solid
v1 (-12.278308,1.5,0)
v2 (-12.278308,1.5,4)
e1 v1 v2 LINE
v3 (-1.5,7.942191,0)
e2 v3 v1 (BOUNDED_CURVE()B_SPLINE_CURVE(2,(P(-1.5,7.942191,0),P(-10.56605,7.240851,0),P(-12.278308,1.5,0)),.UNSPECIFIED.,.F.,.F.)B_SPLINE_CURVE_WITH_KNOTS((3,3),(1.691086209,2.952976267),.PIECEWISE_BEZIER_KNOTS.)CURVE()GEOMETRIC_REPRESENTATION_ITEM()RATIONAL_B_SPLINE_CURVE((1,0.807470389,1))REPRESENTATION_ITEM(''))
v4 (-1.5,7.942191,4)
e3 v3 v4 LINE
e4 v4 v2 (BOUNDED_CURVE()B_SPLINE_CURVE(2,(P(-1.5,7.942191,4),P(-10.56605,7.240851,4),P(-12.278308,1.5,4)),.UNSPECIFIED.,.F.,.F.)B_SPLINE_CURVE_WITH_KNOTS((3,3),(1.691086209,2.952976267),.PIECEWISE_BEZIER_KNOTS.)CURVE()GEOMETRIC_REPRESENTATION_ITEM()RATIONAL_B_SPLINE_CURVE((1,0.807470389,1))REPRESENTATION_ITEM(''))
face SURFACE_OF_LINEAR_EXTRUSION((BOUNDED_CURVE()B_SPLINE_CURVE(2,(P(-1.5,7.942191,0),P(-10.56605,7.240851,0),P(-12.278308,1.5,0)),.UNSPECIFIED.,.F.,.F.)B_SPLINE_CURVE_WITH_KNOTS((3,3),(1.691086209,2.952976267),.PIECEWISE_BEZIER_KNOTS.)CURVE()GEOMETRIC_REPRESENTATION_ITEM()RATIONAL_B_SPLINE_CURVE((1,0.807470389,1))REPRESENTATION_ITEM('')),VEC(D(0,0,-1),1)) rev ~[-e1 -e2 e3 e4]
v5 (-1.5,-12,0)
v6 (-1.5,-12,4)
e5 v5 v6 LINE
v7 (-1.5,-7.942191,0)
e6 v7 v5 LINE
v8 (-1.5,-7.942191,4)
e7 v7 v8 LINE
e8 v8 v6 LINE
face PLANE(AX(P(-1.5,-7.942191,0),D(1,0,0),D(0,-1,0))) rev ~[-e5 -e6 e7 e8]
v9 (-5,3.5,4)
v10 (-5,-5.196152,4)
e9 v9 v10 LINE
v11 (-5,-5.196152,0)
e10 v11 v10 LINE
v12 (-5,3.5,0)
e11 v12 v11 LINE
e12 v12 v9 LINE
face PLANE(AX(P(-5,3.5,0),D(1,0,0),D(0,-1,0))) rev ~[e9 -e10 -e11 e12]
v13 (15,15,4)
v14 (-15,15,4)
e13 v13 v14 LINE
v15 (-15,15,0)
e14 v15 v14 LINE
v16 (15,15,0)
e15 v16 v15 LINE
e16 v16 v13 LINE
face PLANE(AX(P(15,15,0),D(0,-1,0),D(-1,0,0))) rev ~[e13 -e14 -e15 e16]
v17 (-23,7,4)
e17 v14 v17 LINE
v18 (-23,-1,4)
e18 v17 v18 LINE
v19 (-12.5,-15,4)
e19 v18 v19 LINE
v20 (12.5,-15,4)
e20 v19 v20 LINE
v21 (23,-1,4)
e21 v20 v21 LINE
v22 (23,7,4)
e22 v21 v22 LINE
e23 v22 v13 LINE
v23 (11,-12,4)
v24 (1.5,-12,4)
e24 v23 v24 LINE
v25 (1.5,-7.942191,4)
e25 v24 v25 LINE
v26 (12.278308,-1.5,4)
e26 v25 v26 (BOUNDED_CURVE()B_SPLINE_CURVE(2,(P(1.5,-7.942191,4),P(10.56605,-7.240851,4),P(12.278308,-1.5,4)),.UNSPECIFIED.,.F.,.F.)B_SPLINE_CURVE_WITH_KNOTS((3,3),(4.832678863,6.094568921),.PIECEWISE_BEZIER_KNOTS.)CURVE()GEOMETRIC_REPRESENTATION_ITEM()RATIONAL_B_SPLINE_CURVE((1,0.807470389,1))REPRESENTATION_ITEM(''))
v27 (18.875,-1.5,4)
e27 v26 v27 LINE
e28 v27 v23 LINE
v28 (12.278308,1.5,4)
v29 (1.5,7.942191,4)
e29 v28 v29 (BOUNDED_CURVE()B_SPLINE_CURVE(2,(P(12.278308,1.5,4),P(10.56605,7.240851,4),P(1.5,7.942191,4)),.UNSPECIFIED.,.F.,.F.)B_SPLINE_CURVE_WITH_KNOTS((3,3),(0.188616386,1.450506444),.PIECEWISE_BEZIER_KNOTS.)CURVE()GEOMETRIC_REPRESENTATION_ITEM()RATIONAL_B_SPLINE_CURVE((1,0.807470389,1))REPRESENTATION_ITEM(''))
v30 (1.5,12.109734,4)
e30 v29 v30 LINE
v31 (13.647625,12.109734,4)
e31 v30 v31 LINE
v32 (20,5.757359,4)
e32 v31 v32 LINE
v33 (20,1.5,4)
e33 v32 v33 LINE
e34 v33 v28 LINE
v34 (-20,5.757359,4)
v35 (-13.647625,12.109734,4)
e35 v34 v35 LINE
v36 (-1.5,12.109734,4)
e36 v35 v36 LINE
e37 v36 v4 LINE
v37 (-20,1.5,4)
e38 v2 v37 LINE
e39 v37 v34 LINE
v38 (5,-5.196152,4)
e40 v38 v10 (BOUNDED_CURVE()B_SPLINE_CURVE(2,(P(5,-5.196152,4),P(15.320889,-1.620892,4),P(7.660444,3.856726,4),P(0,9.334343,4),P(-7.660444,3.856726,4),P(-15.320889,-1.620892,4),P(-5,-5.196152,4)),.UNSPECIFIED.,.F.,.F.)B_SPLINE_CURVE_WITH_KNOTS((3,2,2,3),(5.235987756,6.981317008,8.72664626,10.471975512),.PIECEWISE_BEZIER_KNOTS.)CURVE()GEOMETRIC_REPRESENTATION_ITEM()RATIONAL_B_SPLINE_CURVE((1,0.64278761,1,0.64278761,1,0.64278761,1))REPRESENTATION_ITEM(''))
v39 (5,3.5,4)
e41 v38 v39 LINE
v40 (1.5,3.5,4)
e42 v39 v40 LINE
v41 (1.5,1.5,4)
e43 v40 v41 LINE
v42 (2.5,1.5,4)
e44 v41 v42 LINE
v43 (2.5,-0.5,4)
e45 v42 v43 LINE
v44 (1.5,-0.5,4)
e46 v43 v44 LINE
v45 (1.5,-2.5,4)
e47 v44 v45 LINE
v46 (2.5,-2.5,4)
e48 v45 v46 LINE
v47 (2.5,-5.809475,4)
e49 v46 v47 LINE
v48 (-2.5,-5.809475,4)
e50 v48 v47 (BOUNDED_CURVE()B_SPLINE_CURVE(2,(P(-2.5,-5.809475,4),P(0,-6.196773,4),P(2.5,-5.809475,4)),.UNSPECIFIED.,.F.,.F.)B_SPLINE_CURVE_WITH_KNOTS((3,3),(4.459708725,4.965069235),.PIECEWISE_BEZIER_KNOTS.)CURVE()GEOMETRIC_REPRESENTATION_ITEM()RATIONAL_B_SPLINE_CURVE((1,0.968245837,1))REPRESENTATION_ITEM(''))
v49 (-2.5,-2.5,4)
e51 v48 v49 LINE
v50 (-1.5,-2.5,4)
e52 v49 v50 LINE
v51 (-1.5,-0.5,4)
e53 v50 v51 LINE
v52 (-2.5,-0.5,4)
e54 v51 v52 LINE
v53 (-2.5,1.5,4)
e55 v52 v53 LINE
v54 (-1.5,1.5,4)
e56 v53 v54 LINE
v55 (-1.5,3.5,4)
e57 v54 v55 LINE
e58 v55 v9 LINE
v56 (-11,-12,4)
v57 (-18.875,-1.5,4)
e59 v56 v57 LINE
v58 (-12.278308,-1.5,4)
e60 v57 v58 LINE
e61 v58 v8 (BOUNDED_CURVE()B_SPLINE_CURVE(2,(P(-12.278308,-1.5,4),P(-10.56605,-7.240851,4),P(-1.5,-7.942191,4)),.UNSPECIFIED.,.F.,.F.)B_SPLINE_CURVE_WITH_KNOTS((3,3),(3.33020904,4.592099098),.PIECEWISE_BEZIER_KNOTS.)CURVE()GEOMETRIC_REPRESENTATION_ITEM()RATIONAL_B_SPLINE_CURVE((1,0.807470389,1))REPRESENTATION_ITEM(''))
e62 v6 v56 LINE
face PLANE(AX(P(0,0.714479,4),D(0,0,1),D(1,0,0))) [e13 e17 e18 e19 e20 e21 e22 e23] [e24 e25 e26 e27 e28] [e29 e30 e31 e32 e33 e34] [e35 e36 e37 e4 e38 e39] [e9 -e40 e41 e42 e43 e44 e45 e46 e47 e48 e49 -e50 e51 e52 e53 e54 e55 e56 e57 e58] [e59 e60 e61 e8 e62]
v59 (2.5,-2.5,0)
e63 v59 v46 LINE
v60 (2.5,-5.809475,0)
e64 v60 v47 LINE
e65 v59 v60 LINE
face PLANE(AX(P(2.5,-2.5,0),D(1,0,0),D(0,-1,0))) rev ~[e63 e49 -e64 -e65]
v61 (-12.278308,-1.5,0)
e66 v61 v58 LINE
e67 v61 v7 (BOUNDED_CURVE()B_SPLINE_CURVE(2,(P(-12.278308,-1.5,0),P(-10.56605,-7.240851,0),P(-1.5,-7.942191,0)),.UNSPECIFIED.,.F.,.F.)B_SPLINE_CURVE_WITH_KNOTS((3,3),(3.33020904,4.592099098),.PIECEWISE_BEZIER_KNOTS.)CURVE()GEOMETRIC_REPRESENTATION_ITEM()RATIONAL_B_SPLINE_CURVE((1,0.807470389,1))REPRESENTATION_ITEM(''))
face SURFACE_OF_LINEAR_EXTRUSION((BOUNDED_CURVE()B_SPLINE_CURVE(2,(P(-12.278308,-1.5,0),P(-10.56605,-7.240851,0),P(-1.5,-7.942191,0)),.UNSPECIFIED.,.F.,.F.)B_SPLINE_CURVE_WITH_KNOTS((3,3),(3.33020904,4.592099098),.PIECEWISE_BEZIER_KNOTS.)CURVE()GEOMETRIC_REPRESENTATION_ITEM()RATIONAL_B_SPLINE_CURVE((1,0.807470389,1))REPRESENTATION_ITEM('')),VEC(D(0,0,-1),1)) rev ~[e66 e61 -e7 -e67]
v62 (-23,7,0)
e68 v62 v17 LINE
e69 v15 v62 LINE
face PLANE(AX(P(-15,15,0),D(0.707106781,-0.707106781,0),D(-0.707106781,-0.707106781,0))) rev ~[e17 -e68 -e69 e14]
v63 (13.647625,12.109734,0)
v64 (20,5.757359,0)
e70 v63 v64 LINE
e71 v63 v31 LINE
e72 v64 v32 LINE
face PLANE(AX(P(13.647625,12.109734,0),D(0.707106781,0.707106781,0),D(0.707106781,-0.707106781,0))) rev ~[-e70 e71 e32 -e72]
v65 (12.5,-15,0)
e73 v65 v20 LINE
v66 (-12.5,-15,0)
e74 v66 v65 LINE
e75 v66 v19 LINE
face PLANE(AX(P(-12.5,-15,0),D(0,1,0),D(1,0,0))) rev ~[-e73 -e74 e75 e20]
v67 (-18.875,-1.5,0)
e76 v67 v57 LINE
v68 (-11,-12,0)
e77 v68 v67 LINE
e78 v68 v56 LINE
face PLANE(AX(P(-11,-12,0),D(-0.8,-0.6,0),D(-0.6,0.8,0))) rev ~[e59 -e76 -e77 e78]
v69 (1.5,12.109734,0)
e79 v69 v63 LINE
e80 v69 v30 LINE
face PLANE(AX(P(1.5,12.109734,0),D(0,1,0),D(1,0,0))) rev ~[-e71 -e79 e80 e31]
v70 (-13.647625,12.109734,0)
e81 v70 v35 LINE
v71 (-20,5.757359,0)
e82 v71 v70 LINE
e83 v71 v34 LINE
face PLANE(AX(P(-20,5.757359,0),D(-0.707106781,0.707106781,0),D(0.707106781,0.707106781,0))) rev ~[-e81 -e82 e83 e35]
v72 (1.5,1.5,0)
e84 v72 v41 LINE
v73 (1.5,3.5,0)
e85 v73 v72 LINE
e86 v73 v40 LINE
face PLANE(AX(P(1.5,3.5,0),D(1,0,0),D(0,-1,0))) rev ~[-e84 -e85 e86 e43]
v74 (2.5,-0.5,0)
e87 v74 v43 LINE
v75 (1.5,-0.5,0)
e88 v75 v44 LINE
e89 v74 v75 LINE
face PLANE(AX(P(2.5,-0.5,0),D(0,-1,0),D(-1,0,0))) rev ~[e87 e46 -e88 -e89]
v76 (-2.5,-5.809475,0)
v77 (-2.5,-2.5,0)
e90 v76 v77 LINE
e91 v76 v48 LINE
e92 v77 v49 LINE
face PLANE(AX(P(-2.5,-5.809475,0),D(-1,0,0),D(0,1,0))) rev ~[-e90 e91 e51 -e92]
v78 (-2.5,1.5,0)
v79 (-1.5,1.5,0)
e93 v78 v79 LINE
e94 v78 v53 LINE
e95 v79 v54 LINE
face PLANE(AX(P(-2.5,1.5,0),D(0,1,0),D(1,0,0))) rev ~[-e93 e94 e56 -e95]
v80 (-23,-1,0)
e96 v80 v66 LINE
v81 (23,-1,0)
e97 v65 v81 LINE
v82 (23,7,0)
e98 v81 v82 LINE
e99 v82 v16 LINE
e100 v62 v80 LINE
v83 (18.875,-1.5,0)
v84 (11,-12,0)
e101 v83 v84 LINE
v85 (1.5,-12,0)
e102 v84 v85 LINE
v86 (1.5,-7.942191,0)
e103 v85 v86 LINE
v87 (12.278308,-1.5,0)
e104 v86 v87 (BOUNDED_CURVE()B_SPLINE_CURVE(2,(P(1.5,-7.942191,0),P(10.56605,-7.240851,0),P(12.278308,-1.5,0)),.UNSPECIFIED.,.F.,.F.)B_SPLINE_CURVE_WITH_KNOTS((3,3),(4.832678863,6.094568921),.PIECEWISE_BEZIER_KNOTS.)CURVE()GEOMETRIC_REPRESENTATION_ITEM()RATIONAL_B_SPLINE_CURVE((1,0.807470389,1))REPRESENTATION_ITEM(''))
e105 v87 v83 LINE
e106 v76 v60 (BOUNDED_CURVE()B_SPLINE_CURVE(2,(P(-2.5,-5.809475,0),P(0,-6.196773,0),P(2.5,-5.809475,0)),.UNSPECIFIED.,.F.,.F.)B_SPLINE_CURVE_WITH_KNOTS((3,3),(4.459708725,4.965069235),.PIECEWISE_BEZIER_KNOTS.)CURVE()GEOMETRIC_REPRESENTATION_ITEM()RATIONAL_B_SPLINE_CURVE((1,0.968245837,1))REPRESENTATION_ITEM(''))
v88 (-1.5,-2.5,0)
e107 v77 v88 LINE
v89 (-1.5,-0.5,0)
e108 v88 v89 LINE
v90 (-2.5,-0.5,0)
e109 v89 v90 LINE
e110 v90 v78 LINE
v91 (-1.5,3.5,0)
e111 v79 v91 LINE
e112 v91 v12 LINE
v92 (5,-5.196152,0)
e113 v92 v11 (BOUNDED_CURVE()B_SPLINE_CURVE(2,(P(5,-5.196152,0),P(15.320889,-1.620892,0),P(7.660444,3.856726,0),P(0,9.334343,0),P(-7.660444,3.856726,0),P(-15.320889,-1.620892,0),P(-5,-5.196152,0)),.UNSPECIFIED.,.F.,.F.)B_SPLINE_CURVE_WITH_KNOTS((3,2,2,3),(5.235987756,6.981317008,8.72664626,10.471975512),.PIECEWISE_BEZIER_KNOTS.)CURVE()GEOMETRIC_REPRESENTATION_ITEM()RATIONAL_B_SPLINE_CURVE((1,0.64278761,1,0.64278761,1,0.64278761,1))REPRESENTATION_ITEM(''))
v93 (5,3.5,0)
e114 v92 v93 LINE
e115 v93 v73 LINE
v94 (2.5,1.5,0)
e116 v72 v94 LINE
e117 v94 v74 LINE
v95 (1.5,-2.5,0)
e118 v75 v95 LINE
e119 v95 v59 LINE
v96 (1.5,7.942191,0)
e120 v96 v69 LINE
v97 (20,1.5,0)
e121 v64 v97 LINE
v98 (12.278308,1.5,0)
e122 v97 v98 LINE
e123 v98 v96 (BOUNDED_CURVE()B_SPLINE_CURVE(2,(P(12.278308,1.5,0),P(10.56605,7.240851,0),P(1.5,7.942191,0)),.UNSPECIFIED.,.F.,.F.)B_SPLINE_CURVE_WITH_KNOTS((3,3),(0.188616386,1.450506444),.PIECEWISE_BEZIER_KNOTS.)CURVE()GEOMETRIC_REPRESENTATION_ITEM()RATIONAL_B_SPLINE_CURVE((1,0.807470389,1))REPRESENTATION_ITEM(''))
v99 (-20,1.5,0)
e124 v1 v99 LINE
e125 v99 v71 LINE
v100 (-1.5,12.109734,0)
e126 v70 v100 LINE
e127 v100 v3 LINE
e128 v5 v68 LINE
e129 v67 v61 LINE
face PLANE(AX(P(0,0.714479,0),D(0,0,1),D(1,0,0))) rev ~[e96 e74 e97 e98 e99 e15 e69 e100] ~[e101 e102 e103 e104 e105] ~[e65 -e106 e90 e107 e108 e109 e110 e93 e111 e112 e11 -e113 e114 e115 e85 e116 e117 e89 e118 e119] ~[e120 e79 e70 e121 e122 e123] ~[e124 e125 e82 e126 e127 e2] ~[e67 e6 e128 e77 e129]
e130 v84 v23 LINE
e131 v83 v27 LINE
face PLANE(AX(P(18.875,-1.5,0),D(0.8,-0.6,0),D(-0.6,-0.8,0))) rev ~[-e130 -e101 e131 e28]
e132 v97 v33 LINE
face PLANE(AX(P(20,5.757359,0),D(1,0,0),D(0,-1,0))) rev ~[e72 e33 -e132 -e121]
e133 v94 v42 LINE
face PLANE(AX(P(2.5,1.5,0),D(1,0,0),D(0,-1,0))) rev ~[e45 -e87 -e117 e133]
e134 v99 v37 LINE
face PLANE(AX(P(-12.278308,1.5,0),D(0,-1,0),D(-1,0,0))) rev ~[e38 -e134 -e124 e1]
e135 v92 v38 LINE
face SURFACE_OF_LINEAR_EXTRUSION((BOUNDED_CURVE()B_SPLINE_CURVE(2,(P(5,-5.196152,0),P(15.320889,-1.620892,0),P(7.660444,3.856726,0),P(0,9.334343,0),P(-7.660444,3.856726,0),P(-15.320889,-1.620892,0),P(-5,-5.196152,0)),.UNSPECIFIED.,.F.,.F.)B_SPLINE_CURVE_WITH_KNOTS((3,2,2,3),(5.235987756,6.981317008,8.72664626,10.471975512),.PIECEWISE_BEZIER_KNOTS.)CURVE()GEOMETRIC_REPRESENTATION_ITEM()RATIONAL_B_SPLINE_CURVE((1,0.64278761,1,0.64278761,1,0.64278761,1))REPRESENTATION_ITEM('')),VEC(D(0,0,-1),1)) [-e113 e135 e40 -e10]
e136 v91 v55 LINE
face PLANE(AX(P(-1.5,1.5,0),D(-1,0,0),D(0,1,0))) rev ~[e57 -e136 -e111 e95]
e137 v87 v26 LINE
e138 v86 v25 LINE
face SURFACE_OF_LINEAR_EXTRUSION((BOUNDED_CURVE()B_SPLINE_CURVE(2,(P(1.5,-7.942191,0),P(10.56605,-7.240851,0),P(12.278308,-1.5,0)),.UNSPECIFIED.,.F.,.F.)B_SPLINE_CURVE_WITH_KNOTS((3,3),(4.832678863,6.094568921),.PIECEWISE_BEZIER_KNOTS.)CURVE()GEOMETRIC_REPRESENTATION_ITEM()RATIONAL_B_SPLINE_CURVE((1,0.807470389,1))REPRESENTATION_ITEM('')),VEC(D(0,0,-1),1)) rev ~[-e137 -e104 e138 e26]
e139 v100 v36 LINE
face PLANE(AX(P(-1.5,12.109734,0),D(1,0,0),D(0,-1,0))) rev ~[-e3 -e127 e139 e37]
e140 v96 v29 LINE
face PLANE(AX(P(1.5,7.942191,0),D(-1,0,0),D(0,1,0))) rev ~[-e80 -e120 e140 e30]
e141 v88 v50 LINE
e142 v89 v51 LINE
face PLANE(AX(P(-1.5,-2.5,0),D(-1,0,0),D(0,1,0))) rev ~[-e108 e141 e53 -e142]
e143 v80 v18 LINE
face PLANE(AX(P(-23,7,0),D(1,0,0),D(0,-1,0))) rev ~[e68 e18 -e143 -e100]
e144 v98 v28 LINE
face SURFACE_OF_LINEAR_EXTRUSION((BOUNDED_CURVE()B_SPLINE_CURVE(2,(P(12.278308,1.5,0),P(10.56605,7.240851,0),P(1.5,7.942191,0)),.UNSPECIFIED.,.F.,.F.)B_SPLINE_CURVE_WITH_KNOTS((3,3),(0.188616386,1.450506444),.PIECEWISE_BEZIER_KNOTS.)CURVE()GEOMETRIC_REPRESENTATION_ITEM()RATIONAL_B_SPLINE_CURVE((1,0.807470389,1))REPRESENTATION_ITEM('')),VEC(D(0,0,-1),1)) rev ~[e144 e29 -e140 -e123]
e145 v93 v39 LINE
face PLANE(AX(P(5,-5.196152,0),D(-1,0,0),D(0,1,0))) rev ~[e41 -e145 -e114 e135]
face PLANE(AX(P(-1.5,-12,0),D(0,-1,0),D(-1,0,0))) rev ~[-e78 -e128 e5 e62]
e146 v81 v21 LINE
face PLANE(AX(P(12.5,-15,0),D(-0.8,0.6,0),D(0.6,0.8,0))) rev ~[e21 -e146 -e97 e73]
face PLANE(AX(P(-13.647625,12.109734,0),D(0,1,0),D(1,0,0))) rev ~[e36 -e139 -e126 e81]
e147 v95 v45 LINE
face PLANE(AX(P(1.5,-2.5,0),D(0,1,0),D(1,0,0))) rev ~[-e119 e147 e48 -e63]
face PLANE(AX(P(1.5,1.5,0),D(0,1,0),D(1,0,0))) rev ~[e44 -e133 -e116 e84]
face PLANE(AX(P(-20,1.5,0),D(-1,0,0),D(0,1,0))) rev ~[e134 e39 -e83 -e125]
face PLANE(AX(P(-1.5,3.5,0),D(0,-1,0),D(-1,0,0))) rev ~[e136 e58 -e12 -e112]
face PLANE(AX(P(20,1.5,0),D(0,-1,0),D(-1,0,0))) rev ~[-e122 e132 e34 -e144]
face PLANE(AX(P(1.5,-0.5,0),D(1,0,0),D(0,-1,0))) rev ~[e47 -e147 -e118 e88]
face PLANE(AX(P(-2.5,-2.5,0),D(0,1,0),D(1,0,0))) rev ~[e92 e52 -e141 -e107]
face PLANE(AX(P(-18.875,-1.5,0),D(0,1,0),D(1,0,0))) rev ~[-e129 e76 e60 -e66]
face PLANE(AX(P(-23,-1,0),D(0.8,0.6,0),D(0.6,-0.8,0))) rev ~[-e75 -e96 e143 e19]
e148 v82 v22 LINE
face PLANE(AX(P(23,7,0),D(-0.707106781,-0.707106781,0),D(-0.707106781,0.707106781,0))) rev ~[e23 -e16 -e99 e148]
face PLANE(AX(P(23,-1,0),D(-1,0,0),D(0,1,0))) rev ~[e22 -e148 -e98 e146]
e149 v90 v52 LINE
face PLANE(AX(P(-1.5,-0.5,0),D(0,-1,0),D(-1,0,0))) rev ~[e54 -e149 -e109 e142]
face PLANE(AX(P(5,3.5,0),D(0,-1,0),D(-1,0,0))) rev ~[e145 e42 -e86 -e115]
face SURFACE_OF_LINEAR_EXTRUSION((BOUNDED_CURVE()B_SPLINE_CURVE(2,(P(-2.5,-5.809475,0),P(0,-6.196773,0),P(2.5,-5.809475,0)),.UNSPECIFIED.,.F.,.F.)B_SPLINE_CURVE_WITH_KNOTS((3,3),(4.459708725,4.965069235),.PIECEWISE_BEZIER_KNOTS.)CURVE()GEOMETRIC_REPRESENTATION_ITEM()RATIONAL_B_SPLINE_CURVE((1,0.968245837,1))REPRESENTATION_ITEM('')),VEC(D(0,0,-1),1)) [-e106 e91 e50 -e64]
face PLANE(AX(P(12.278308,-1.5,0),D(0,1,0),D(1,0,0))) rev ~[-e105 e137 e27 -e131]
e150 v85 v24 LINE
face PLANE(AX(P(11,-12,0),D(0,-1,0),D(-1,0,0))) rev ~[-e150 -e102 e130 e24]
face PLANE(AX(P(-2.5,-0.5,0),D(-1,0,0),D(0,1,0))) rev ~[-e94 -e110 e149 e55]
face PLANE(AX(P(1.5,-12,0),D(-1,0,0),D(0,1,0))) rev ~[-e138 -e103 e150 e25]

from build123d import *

# Parameters (mm, degrees)
F1_DEPTH = 4


with BuildPart() as f1:
    # F0 (on Top) → F1 (new body)
    with BuildSketch(Plane.XY):
        Polygon((23, 7), (15, 15), (-15, 15), (-23, 7), (-23, -1), (-12.5, -15), (12.5, -15), (23, -1), align=None)
        with BuildLine():
            Line((-1.5, -12), (-11, -12))
            Line((-11, -12), (-18.875, -1.5))
            Line((-18.875, -1.5), (-12.2783075355, -1.5))
            add(Edge.make_bspline(
                [(-12.2783075355, -1.5), (-10.5660501713, -7.240850517), (-1.5, -7.9421911334)],
                knots=[3.3302090398, 3.3302090398, 3.3302090398, 4.592099098, 4.592099098, 4.592099098], degree=2, weights=[1, 0.8074703886, 1]))
            Line((-1.5, -7.9421911334), (-1.5, -12))
        make_face(mode=Mode.SUBTRACT)
        with BuildLine():
            Line((18.875, -1.5), (11, -12))
            Line((11, -12), (1.5, -12))
            Line((1.5, -12), (1.5, -7.9421911334))
            add(Edge.make_bspline(
                [(1.5, -7.9421911334), (10.5660501713, -7.240850517), (12.2783075355, -1.5)],
                knots=[4.8326788628, 4.8326788628, 4.8326788628, 6.094568921, 6.094568921, 6.094568921], degree=2, weights=[1, 0.8074703886, 1]))
            Line((12.2783075355, -1.5), (18.875, -1.5))
        make_face(mode=Mode.SUBTRACT)
        with BuildLine():
            Line((-20, 1.5), (-20, 5.7573593129))
            Line((-20, 5.7573593129), (-13.6476251949, 12.109734118))
            Line((-13.6476251949, 12.109734118), (-1.5, 12.109734118))
            Line((-1.5, 12.109734118), (-1.5, 7.9421911334))
            add(Edge.make_bspline(
                [(-1.5, 7.9421911334), (-10.5660501713, 7.240850517), (-12.2783075355, 1.5)],
                knots=[1.6910862092, 1.6910862092, 1.6910862092, 2.9529762674, 2.9529762674, 2.9529762674], degree=2, weights=[1, 0.8074703886, 1]))
            Line((-12.2783075355, 1.5), (-20, 1.5))
        make_face(mode=Mode.SUBTRACT)
        with BuildLine():
            add(Edge.make_bspline(
                [(5, -5.1961524227), (15.3208888624, -1.6208916449), (7.6604444312, 3.8567256581), (0, 9.3343429612), (-7.6604444312, 3.8567256581), (-15.3208888624, -1.6208916449), (-5, -5.1961524227)],
                knots=[5.235987756, 5.235987756, 5.235987756, 6.981317008, 6.981317008, 8.72664626, 8.72664626, 10.471975512, 10.471975512, 10.471975512], degree=2, weights=[1, 0.6427876097, 1, 0.6427876097, 1, 0.6427876097, 1]))
            Line((5, -5.1961524227), (5, 1.5))
            Line((5, 1.5), (5, 3.5))
            Line((5, 3.5), (1.5, 3.5))
            Line((1.5, 3.5), (1.5, 1.5))
            Line((1.5, 1.5), (2.5, 1.5))
            Line((2.5, 1.5), (2.5, -0.5))
            Line((2.5, -0.5), (1.5, -0.5))
            Line((1.5, -0.5), (1.5, -2.5))
            Line((1.5, -2.5), (2.5, -2.5))
            Line((2.5, -2.5), (2.5, -5.8094750193))
            add(Edge.make_bspline(
                [(-2.5, -5.8094750193), (0, -6.1967733539), (2.5, -5.8094750193)],
                knots=[4.4597087252, 4.4597087252, 4.4597087252, 4.9650692355, 4.9650692355, 4.9650692355], degree=2, weights=[1, 0.9682458366, 1]))
            Line((-2.5, -5.8094750193), (-2.5, -2.5))
            Line((-2.5, -2.5), (-1.5, -2.5))
            Line((-1.5, -2.5), (-1.5, -0.5))
            Line((-1.5, -0.5), (-2.5, -0.5))
            Line((-2.5, -0.5), (-2.5, 1.5))
            Line((-2.5, 1.5), (-1.5, 1.5))
            Line((-1.5, 1.5), (-1.5, 3.5))
            Line((-1.5, 3.5), (-5, 3.5))
            Line((-5, 3.5), (-5, 1.5))
            Line((-5, 1.5), (-5, -5.1961524227))
        make_face(mode=Mode.SUBTRACT)
        with BuildLine():
            Line((20, 1.5), (12.2783075355, 1.5))
            add(Edge.make_bspline(
                [(12.2783075355, 1.5), (10.5660501713, 7.240850517), (1.5, 7.9421911334)],
                knots=[0.1886163862, 0.1886163862, 0.1886163862, 1.4505064444, 1.4505064444, 1.4505064444], degree=2, weights=[1, 0.8074703886, 1]))
            Line((1.5, 7.9421911334), (1.5, 12.109734118))
            Line((1.5, 12.109734118), (13.6476251949, 12.109734118))
            Line((13.6476251949, 12.109734118), (20, 5.7573593129))
            Line((20, 5.7573593129), (20, 1.5))
        make_face(mode=Mode.SUBTRACT)
    extrude(amount=F1_DEPTH)


solid = f1.part
